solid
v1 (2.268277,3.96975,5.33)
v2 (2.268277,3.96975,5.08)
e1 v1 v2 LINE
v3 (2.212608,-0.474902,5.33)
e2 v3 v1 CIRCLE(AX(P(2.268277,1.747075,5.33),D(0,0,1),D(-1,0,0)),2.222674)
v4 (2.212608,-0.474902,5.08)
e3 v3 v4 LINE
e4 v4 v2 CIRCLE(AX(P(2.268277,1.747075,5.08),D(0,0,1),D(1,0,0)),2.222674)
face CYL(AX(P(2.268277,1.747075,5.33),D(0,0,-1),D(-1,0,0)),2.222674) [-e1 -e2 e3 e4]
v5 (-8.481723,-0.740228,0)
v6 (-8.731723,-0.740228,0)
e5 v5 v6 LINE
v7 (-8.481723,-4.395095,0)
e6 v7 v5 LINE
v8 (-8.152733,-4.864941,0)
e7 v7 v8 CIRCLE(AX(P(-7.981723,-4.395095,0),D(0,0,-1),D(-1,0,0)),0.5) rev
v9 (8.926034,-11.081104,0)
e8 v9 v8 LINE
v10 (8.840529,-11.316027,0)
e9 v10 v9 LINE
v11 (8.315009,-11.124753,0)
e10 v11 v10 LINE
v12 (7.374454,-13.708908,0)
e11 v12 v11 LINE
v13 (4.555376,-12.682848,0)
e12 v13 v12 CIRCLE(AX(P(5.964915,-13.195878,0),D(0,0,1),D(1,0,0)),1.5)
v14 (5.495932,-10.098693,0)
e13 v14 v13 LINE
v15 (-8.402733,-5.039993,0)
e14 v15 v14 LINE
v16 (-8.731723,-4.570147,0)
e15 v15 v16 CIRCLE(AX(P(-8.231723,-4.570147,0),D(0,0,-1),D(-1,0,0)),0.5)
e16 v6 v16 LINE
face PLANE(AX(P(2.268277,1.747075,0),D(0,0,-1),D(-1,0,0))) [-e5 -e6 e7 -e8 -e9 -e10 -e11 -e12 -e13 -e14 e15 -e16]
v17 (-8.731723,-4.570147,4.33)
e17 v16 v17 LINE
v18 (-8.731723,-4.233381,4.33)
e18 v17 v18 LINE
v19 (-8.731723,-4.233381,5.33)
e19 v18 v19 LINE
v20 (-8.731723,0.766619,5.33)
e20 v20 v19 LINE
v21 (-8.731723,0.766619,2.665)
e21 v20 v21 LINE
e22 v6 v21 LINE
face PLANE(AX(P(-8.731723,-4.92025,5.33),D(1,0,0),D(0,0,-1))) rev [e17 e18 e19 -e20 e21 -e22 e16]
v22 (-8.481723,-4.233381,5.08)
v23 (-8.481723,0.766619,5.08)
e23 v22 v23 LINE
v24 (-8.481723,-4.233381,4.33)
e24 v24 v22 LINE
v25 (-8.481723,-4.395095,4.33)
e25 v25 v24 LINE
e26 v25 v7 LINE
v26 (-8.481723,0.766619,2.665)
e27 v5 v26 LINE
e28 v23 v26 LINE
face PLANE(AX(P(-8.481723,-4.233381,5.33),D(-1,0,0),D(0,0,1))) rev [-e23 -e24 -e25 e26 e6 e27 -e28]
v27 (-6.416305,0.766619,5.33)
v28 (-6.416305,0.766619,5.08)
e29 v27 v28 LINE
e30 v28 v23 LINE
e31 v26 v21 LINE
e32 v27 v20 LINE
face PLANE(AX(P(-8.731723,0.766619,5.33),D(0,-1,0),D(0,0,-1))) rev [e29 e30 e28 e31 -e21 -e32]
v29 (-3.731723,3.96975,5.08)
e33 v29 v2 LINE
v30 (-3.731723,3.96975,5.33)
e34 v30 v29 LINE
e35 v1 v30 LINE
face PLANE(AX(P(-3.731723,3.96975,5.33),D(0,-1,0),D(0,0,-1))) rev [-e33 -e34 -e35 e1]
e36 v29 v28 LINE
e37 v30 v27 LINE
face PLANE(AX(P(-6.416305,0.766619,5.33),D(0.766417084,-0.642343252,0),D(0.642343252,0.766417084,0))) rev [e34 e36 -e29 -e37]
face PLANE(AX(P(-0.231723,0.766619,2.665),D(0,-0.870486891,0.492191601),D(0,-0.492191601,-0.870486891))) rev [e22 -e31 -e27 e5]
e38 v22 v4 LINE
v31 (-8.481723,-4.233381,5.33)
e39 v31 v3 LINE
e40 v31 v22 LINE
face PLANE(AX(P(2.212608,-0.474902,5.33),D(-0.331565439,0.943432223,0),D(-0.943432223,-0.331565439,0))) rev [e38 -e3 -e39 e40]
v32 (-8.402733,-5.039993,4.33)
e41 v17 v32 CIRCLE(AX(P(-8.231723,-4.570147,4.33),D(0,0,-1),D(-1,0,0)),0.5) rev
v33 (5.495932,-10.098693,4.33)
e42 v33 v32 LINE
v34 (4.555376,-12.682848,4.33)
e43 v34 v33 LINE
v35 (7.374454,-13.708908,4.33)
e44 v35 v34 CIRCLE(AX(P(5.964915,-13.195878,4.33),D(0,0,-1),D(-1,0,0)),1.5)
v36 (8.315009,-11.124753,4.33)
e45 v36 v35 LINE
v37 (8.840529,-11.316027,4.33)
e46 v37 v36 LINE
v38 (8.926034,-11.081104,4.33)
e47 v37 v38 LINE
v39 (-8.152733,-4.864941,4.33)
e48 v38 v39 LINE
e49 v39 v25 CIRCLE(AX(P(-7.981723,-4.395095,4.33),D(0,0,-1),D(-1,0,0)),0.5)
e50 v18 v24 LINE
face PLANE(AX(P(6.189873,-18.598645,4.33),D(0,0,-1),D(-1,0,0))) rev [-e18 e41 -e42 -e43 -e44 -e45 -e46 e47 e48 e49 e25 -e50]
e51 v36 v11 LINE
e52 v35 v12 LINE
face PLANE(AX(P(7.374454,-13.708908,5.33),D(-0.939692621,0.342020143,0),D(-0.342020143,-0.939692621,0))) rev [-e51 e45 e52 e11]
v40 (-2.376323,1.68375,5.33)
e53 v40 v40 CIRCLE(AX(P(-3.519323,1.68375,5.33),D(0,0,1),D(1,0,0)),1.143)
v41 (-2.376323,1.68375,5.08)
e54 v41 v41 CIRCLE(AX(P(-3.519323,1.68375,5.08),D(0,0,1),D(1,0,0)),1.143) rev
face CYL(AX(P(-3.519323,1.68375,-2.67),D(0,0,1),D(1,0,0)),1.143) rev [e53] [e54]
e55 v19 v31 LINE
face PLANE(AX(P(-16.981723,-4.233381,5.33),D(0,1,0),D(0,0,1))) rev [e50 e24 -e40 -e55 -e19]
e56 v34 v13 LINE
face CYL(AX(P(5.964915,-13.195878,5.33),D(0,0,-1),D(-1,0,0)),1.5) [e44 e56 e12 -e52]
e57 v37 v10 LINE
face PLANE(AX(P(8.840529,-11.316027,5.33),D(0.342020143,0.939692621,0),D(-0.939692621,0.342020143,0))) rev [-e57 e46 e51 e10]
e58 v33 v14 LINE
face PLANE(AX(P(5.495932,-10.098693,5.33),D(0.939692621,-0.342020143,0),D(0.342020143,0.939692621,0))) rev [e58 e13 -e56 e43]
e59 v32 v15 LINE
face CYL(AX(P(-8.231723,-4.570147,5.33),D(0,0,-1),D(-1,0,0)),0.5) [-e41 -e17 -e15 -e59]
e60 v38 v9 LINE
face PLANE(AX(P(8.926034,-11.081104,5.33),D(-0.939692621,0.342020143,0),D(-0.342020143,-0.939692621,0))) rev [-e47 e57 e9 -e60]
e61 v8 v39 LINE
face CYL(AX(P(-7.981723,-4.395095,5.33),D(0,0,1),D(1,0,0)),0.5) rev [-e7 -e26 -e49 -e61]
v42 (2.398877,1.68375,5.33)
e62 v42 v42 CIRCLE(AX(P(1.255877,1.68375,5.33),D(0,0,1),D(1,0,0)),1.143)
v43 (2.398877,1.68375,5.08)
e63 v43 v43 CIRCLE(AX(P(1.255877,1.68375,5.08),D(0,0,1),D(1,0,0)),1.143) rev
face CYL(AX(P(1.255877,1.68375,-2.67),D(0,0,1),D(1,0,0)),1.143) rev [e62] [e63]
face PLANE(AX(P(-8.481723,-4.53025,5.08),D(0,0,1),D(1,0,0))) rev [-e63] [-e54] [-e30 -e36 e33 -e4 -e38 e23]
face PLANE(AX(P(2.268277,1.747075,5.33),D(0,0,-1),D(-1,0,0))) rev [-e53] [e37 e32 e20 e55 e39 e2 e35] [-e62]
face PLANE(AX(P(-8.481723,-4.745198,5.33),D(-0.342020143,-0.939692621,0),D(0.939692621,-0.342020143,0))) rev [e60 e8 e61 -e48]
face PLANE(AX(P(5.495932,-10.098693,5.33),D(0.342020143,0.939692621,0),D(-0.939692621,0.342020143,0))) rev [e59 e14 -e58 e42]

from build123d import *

# Parameters (mm, degrees)
EXTRUDE_1_DEPTH     = 5.33
SKETCH_3_W          = 18.524948115
SKETCH_3_H          = 1
CUT_EXTRUDE_2_DEPTH = 8
SKETCH_4_R          = 1.143
CUT_EXTRUDE_3_DEPTH = 8
SKETCH_5_W          = 14.906487706
SKETCH_5_H          = 5.08
CUT_EXTRUDE_4_DEPTH = 8.5
FILLET_1_R          = 0.5
SKETCH_6_W          = 1
SKETCH_6_H          = 0.794629951
CUT_EXTRUDE_5_DEPTH = 8.5
CUT_EXTRUDE_6_DEPTH = 8.5


with BuildPart() as part:
    # Эскиз1 → Бобышка-Вытянуть1 (new body)
    with BuildSketch(Plane.XY):
        with BuildLine():
            Line((-3.73172272, 3.969749711), (2.26827728, 3.969749711))
            ThreePointArc((2.26827728, 3.969749711), (4.49077728, 1.719238545), (2.212607957, -0.474901673))
            Line((2.212607957, -0.474901673), (-8.48172272, -4.233380934))
            Line((-8.48172272, -4.233380934), (-8.48172272, -4.745198404))
            Line((-8.48172272, -4.745198404), (8.926034324, -11.081103814))
            Line((8.926034324, -11.081103814), (8.840529289, -11.316026969))
            Line((8.840529289, -11.316026969), (8.31500946, -11.124753394))
            Line((8.31500946, -11.124753394), (7.374454066, -13.708908101))
            ThreePointArc((7.374454066, -13.708908101), (5.45188492, -14.605416817), (4.555376204, -12.682847671))
            Line((4.555376204, -12.682847671), (5.495931598, -10.098692964))
            Line((5.495931598, -10.098692964), (-8.73172272, -4.920250289))
            Line((-8.73172272, -4.920250289), (-8.73172272, 0.766619066))
            Line((-8.73172272, 0.766619066), (-6.416304518, 0.766619066))
            Line((-6.416304518, 0.766619066), (-3.73172272, 3.969749711))
        make_face()
    extrude(amount=EXTRUDE_1_DEPTH)

    # Эскиз3 → Вырез-Вытянуть2 (cut)
    with BuildSketch(Plane(origin=(-2.517250451, -6.916088773, 0), x_dir=(0.9396926207859082, -0.34202014332566943, 0), z_dir=(0.34202014332566943, 0.9396926207859082, 0))):
        with Locations((2.915215245, -4.83)):
            Rectangle(SKETCH_3_W, SKETCH_3_H)
    extrude(amount=-CUT_EXTRUDE_2_DEPTH, mode=Mode.SUBTRACT)

    # Эскиз4 → Вырез-Вытянуть3 (cut)
    with BuildSketch(Plane.XY.offset(5.33)):
        with Locations((-3.51932272, 1.683749711)):
            Circle(SKETCH_4_R)
        with Locations((1.25587728, 1.683749711)):
            Circle(SKETCH_4_R)
    extrude(amount=-CUT_EXTRUDE_3_DEPTH, mode=Mode.SUBTRACT)

    # Эскиз5 → Вырез-Вытянуть4 (cut)
    with BuildSketch(Plane(origin=(0, 3.969749711, 0), x_dir=(1, 0, 0), z_dir=(0, 1, 0))):
        with Locations((-1.028478867, -2.54)):
            Rectangle(SKETCH_5_W, SKETCH_5_H)
    extrude(amount=-CUT_EXTRUDE_4_DEPTH, mode=Mode.SUBTRACT)

    # Скругление1
    fillet_1_edges = [part.edges().sort_by_distance(p)[0] for p in [
        (-8.48172272, -4.745198404, 2.165),
        (-8.73172272, -4.920250289, 2.665),
    ]]
    fillet(fillet_1_edges, radius=FILLET_1_R)

    # Эскиз6 → Вырез-Вытянуть5 (cut)
    with BuildSketch(Plane(origin=(-8.48172272, 0, 0), x_dir=(0, 0, -1), z_dir=(1, 0, 0))):
        with Locations((-4.83, -4.630695909)):
            Rectangle(SKETCH_6_W, SKETCH_6_H)
    extrude(amount=-CUT_EXTRUDE_5_DEPTH, mode=Mode.SUBTRACT)

    # Эскиз7 → Вырез-Вытянуть6 (cut)
    with BuildSketch(Plane.ZY.offset(8.73172272)):
        Polygon((2.665, 0.766619066), (0, -0.740228), (0, 0.766619066), align=None)
    extrude(amount=-CUT_EXTRUDE_6_DEPTH, mode=Mode.SUBTRACT)


solid = part.part
